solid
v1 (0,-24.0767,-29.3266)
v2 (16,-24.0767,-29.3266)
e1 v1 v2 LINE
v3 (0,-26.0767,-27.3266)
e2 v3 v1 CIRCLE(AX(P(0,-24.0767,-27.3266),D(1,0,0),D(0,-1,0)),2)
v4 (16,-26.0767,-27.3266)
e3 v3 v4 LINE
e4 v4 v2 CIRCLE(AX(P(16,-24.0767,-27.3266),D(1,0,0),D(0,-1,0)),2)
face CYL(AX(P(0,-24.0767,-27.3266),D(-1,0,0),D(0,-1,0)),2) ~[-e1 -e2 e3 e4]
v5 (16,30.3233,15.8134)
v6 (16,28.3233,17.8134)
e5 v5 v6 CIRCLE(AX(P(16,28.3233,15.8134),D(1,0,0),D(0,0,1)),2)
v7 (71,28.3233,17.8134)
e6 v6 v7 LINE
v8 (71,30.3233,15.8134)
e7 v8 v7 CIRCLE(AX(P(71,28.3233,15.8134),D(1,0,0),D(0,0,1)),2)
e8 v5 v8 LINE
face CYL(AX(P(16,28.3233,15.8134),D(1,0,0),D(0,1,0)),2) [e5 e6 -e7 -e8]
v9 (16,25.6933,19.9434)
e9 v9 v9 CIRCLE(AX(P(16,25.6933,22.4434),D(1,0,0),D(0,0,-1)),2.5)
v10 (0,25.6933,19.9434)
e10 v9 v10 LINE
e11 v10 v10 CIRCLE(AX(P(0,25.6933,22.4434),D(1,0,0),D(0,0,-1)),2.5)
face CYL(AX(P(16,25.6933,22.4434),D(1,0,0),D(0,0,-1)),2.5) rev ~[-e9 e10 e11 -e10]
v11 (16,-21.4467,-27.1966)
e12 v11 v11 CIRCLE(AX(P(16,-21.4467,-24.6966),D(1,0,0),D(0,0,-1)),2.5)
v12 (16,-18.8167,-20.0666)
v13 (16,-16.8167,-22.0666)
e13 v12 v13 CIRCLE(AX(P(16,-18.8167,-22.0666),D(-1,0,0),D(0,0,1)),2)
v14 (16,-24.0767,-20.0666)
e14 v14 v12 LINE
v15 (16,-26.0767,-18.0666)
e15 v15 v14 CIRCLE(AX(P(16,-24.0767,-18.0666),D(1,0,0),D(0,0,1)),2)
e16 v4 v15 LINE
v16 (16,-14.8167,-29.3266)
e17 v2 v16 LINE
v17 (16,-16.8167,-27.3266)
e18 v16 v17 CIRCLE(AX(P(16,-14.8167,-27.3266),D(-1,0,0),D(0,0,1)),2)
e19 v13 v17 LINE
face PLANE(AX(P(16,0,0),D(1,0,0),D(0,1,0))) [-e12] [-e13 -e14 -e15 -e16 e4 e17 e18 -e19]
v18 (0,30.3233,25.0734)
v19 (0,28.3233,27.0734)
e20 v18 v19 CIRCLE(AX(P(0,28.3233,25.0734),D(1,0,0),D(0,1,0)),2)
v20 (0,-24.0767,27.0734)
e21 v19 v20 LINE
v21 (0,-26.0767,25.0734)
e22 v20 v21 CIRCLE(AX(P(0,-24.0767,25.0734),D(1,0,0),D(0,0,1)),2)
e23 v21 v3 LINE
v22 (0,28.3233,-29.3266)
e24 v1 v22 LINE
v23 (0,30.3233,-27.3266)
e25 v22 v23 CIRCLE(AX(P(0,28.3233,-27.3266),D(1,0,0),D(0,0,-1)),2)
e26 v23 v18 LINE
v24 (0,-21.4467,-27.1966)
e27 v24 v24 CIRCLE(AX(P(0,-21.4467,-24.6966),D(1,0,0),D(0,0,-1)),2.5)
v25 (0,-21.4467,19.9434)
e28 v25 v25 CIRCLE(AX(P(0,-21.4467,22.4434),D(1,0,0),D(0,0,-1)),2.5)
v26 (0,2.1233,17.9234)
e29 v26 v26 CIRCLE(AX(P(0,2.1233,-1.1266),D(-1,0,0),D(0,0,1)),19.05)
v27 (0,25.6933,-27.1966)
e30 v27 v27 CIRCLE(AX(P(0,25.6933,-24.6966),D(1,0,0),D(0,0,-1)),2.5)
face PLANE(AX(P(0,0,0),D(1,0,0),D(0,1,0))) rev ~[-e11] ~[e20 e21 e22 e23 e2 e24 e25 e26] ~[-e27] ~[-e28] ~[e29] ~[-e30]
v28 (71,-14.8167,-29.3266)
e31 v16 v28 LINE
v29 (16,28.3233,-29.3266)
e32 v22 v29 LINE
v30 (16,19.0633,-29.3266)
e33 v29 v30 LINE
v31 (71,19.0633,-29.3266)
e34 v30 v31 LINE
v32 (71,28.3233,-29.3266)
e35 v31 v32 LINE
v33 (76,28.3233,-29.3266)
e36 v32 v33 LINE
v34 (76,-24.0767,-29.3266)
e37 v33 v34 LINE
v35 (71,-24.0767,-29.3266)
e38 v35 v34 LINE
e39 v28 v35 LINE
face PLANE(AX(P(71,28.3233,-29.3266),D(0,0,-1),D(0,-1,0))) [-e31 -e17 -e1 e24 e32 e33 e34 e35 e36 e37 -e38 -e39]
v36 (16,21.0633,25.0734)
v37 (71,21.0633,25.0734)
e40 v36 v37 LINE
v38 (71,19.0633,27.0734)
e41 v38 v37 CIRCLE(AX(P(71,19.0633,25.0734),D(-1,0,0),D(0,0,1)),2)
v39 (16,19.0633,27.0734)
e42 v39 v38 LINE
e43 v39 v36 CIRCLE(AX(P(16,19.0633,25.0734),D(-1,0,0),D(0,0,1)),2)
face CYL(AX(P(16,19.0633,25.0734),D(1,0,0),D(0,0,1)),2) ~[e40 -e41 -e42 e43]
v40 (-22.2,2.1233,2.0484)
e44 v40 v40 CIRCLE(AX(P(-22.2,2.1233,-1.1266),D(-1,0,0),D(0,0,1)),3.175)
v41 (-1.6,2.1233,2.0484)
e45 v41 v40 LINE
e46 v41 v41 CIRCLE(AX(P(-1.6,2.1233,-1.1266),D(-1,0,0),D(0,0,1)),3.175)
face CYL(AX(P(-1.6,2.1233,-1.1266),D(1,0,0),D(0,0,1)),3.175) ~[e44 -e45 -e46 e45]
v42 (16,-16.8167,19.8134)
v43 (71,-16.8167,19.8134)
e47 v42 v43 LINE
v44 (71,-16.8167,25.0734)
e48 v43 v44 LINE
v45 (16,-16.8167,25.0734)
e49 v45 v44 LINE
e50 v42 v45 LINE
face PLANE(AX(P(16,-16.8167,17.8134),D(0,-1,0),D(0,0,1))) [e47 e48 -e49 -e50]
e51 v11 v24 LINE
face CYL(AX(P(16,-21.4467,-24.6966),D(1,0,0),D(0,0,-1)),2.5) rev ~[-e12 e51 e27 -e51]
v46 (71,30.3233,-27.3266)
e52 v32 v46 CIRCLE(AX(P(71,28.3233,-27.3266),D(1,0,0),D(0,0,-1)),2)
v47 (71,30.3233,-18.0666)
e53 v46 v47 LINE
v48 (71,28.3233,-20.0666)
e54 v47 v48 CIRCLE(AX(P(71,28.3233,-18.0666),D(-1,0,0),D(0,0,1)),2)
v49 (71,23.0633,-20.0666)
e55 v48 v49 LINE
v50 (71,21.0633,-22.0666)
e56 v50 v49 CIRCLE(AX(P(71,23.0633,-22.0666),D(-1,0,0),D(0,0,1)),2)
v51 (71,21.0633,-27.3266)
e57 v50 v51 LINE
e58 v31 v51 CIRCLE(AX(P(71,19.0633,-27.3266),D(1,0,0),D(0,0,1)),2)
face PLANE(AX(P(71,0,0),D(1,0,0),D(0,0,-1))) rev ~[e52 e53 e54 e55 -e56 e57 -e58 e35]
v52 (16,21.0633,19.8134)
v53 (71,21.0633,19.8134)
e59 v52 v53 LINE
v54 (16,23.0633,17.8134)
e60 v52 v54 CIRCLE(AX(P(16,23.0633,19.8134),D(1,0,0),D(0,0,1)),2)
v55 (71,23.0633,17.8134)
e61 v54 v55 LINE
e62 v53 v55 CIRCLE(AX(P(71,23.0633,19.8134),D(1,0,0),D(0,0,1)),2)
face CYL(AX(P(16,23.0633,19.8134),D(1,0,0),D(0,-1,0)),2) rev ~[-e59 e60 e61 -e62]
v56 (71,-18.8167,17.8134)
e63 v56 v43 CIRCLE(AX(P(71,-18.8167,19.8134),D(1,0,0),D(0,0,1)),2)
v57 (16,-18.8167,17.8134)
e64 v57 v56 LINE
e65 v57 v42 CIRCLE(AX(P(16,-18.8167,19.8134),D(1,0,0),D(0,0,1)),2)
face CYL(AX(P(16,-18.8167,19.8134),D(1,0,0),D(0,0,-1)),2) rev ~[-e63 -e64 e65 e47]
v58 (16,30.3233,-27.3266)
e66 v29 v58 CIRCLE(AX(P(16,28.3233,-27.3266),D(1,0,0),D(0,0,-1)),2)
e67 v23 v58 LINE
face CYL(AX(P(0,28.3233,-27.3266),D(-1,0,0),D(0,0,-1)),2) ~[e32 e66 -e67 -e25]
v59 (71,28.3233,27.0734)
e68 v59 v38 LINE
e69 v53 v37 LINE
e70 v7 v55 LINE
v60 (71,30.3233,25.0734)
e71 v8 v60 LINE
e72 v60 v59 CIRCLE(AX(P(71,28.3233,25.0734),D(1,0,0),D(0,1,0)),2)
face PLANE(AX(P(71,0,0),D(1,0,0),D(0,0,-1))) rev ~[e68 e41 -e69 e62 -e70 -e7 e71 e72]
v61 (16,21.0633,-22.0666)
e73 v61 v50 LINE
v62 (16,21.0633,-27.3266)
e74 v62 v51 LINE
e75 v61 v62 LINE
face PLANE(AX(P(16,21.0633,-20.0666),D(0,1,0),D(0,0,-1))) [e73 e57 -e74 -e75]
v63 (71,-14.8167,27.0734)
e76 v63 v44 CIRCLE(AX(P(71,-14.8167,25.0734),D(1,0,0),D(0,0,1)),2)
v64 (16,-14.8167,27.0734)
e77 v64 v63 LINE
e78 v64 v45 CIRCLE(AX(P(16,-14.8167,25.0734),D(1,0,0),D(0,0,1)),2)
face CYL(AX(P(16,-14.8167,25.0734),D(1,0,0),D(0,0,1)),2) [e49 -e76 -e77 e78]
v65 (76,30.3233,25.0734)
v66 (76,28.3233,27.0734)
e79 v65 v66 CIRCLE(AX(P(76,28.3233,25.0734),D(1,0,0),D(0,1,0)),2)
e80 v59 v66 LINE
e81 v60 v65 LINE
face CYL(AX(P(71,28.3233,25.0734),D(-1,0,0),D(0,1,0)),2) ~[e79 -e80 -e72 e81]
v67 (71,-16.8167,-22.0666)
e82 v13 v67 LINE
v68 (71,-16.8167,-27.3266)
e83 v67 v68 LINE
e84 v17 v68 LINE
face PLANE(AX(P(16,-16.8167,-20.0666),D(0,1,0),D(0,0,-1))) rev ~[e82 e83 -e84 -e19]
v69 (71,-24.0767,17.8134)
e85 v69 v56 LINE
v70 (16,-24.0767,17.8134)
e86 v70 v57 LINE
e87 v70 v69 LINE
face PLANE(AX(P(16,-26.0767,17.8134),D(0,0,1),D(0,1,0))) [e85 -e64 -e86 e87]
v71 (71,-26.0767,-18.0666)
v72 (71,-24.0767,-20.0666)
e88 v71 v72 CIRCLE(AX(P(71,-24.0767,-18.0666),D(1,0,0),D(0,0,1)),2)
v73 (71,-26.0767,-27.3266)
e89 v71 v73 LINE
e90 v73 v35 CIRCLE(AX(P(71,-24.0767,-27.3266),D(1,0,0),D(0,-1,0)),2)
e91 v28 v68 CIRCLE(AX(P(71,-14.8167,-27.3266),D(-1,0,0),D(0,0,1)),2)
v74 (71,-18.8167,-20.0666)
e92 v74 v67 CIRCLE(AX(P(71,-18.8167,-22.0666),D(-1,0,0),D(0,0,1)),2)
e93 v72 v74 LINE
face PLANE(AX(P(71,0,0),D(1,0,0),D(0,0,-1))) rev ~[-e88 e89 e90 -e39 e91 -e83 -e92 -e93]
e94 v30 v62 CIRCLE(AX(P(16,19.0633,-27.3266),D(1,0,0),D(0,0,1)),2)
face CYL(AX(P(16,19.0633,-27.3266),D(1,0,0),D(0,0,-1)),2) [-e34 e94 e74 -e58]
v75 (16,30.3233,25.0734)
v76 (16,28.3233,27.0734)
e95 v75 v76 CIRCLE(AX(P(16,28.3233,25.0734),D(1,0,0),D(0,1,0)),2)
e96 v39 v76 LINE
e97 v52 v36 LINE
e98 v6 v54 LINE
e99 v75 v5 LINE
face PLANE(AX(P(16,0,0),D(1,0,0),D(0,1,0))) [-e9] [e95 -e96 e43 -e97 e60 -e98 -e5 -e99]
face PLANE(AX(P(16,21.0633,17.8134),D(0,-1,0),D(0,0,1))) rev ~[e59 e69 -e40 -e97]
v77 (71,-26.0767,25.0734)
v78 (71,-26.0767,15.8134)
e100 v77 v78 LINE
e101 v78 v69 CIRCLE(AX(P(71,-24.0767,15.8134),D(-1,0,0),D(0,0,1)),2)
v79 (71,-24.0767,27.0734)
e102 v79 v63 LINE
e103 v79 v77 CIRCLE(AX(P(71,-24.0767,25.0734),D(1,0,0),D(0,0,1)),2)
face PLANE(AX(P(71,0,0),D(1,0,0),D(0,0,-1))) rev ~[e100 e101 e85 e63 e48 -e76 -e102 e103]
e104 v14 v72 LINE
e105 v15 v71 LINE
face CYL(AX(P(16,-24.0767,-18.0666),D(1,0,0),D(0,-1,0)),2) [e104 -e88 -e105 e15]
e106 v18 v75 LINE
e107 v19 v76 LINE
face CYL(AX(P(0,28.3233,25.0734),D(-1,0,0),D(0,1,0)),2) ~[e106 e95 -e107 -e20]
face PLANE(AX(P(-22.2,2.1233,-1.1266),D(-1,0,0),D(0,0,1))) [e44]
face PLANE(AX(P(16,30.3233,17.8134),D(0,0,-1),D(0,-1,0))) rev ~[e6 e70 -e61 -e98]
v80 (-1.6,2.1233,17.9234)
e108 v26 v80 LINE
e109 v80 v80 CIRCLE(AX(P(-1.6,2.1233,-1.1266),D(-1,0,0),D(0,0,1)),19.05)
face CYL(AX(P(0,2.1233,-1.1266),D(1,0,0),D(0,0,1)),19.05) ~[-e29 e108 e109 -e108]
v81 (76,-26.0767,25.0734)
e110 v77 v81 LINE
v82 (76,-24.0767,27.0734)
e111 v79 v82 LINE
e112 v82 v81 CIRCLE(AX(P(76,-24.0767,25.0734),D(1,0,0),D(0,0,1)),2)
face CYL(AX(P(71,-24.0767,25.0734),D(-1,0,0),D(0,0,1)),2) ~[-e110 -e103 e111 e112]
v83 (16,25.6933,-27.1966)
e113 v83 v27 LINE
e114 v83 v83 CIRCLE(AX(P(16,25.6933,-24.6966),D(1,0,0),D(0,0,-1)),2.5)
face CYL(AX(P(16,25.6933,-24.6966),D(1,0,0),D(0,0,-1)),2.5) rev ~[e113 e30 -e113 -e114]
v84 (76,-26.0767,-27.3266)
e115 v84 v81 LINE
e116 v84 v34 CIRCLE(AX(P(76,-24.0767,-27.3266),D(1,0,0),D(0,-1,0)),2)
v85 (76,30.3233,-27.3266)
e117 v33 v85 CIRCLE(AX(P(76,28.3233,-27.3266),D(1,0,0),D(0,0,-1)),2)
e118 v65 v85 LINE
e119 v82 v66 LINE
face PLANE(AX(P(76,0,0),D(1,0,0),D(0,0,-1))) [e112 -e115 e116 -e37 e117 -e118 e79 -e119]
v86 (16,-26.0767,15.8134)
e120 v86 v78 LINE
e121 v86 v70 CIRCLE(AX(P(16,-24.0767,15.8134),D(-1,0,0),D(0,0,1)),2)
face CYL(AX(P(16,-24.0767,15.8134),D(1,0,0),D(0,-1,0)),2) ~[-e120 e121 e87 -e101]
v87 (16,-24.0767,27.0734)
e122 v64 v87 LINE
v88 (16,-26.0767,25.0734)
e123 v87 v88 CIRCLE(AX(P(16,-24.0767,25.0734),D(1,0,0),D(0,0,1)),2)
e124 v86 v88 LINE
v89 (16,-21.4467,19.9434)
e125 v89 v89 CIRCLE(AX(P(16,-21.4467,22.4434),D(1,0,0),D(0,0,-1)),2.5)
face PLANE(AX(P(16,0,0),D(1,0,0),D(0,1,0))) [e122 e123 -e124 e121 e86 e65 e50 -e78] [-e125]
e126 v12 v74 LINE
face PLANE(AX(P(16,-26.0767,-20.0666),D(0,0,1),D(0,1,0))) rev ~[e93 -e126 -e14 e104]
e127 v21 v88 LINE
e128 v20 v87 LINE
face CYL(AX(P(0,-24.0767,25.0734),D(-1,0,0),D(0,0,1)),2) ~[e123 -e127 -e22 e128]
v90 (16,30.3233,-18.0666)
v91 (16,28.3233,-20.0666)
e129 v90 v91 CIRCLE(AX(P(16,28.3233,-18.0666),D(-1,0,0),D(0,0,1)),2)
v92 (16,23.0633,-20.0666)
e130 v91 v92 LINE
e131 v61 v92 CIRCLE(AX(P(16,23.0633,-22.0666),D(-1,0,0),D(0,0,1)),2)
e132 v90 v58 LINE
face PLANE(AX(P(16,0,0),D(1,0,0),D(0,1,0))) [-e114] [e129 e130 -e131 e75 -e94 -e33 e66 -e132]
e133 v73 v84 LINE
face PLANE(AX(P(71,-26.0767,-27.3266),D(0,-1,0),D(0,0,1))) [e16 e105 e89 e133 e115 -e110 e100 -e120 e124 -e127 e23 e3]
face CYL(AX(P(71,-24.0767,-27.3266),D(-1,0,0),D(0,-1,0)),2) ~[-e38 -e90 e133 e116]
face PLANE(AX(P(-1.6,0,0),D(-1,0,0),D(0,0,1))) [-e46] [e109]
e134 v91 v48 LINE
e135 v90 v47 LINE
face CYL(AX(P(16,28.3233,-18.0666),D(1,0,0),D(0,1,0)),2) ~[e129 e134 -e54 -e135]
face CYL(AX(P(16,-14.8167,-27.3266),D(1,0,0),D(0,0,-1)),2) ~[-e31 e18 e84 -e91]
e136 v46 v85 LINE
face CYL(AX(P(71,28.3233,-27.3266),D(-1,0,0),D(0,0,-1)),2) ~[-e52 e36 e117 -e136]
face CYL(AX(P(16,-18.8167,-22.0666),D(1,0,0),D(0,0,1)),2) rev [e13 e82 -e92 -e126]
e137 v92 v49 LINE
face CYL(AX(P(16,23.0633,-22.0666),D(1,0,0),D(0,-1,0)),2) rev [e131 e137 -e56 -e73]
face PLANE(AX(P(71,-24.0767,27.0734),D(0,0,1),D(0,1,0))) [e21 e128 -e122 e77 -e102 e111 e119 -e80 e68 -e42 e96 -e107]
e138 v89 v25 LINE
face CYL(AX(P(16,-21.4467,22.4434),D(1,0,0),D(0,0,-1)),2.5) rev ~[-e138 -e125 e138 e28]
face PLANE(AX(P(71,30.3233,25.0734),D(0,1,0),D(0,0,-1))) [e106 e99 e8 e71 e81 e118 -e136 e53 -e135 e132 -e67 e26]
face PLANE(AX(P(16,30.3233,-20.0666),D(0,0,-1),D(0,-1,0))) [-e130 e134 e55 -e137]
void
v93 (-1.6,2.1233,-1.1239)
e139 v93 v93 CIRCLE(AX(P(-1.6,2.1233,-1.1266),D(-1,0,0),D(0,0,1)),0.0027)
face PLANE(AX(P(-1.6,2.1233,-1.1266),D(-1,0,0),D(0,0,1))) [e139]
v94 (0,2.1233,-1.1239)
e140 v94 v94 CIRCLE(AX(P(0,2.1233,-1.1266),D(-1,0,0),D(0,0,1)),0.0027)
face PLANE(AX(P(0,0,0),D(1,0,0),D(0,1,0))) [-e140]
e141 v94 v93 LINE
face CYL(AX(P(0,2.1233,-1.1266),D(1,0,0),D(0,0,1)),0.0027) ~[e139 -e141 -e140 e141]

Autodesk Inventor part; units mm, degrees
ref_plane "YZ Plane" through (0, 0, 0) normal (1, 0, 0) x (0, 1, 0)
ref_plane "XZ Plane" through (0, 0, 0) normal (0, 1, 0) x (-1, 0, 0)
ref_plane "XY Plane" through (0, 0, 0) normal (0, 0, 1) x (1, 0, 0)
sketch "Sketch1" plane through (0, 0, 0) normal (1, 0, 0) x (0, 1, 0)
  line L0 (28.3233, 27.0734) -> (-24.0767, 27.0734)
  line L1 (-26.0767, 25.0734) -> (-26.0767, -27.3266)
  line L2 (-24.0767, -29.3266) -> (28.3233, -29.3266)
  line L3 (30.3233, -27.3266) -> (30.3233, 25.0734)
  arc A0 (-24.0767, 27.0734) -> (-26.0767, 25.0734) centre (-24.0767, 25.0734) ccw
  arc A1 (30.3233, 25.0734) -> (28.3233, 27.0734) centre (28.3233, 25.0734) ccw
  arc A2 (28.3233, -29.3266) -> (30.3233, -27.3266) centre (28.3233, -27.3266) ccw
  arc A3 (-26.0767, -27.3266) -> (-24.0767, -29.3266) centre (-24.0767, -27.3266) ccw
  point P0 (0, 0)
  point P1 (30.3233, 27.0734)
  point P2 (-26.0767, -29.3266)
  point P3 (-26.0767, 27.0734)
  point P4 (30.3233, -29.3266)
  dimension "d0" = 56.4
  dimension "d1" = 56.4
  dimension "d18" = 2
extrude "Extrusion1" add sketch "Sketch1" along normal blind 16
sketch "Sketch5" plane through (16, 0, 0) normal (1, 0, 0) x (0, 0, -1)
  circle A0 centre (24.6966, 25.6933) radius 2.5
  circle A1 centre (24.6966, -21.4467) radius 2.5
  circle A2 centre (-22.4434, -21.4467) radius 2.5
  circle A3 centre (-22.4434, 25.6933) radius 2.5
  point P0 (0, 0)
  dimension "d38" = 5
  dimension "d39" = 5
  dimension "d40" = 5
  dimension "d41" = 5
extrude "Extrusion3" cut sketch "Sketch5" against normal blind 16
sketch "Sketch6" plane through (16, 0, 0) normal (1, 0, 0) x (0, 0, -1)
  line L0 (-25.0734, -26.0767) -> (27.3266, -26.0767) projected
  arc A0 (27.3266, -26.0767) -> (29.3266, -24.0767) centre (27.3266, -24.0767) ccw projected
  circle A1 centre (-22.4434, -21.4467) radius 2.5 projected
  circle A2 centre (24.6966, 25.6933) radius 2.5 projected
  circle A3 centre (24.6966, -21.4467) radius 2.5 projected
  circle A4 centre (-22.4434, 25.6933) radius 2.5 projected
  line L1 (-27.0734, 28.3233) -> (-27.0734, -24.0767) projected
  arc A5 (-27.0734, -24.0767) -> (-25.0734, -26.0767) centre (-25.0734, -24.0767) ccw projected
  line L2 (-25.0734, -26.0767) -> (27.3266, -26.0767) projected
  arc A6 (27.3266, -26.0767) -> (29.3266, -24.0767) centre (27.3266, -24.0767) ccw projected
  line L3 (29.3266, -24.0767) -> (29.3266, 28.3233) projected
  arc A7 (29.3266, 28.3233) -> (27.3266, 30.3233) centre (27.3266, 28.3233) ccw projected
  line L4 (27.3266, 30.3233) -> (-25.0734, 30.3233) projected
  arc A8 (-25.0734, 30.3233) -> (-27.0734, 28.3233) centre (-25.0734, 28.3233) ccw projected
  line L5 (20.0666, 30.3233) -> (20.0666, 21.0633)
  line L6 (20.0666, 21.0633) -> (29.3266, 21.0633)
  line L7 (20.0666, -26.0767) -> (20.0666, -16.8167)
  line L8 (20.0666, -16.8167) -> (29.3266, -16.8167)
  line L9 (-17.8134, 30.3233) -> (-17.8134, 21.0633)
  line L10 (-17.8134, 21.0633) -> (-27.0734, 21.0633)
  line L11 (-17.8134, -26.0767) -> (-17.8134, -16.8167)
  line L12 (-17.8134, -16.8167) -> (-27.0734, -16.8167)
  line L13 (29.3266, 21.0633) -> (29.3266, -16.8167)
  line L14 (20.0666, 30.3233) -> (-17.8134, 30.3233)
  line L15 (-25.0734, 30.3233) -> (27.3266, 30.3233) projected
  line L16 (-27.0734, 21.0633) -> (-27.0734, -16.8167)
  line L17 (-27.0734, -24.0767) -> (-27.0734, 28.3233) projected
  line L18 (20.0666, -26.0767) -> (-17.8134, -26.0767)
  line L19 (27.3266, -26.0767) -> (-25.0734, -26.0767) projected
  point P0 (0, 0)
  dimension "d44" = 9.26
  dimension "d45" = 9.26
  dimension "d46" = 9.26
  dimension "d47" = 9.26
  dimension "d48" = 9.26
  dimension "d49" = 9.26
  dimension "d50" = 9.26
  dimension "d51" = 9.26
extrude "Extrusion4" add sketch "Sketch6" along normal blind 55 contours L11 L12 L1 L10 L9 L4 L5 L6 L3 L8 L7 L0
sketch "Sketch7" plane through (71, 0, 0) normal (1, 0, 0) x (0, 0, -1)
  line L0 (27.3266, -26.0767) -> (-25.0734, -26.0767)
  line L1 (-27.0734, -24.0767) -> (-27.0734, 28.3233)
  line L2 (-25.0734, 30.3233) -> (27.3266, 30.3233)
  line L3 (29.3266, 28.3233) -> (29.3266, -24.0767)
  arc A0 (27.3266, -26.0767) -> (29.3266, -24.0767) centre (27.3266, -24.0767) ccw
  arc A1 (-27.0734, -24.0767) -> (-25.0734, -26.0767) centre (-25.0734, -24.0767) ccw
  arc A2 (-25.0734, 30.3233) -> (-27.0734, 28.3233) centre (-25.0734, 28.3233) ccw
  arc A3 (29.3266, 28.3233) -> (27.3266, 30.3233) centre (27.3266, 28.3233) ccw
  point P0 (0, 0)
  point P1 (-27.0734, 30.3233)
  point P2 (-27.0734, -26.0767)
  point P3 (29.3266, 30.3233)
  dimension "d54" = 56.4
  dimension "d55" = 56.4
  dimension "d56" = 2
extrude "Extrusion5" add sketch "Sketch7" along normal blind 5
fillet "Fillet1" radius 2 12 edges at (43.5, -16.8167, -29.3266) (43.5, -16.8167, -20.0666) (43.5, -26.0767, -20.0666) (43.5, -16.8167, 27.0734) (43.5, -16.8167, 17.8134) (43.5, -26.0767, 17.8134) (43.5, 21.0633, 27.0734) (43.5, 21.0633, 17.8134) (43.5, 30.3233, 17.8134) (43.5, 30.3233, -20.0666) (43.5, 21.0633, -20.0666) (43.5, 21.0633, -29.3266)
sketch "Sketch8" plane through (0, 0, 0) normal (-1, 0, 0) x (0, 0, 1)
  line L0 (-29.3266, 28.3233) -> (-29.3266, -24.0767) projected
  line L1 (-27.3266, -26.0767) -> (25.0734, -26.0767) projected
  line L2 (27.0734, -24.0767) -> (27.0734, 28.3233) projected
  line L3 (25.0734, 30.3233) -> (-27.3266, 30.3233) projected
  arc A0 (-27.3266, 30.3233) -> (-29.3266, 28.3233) centre (-27.3266, 28.3233) ccw projected
  arc A1 (27.0734, 28.3233) -> (25.0734, 30.3233) centre (25.0734, 28.3233) ccw projected
  arc A2 (25.0734, -26.0767) -> (27.0734, -24.0767) centre (25.0734, -24.0767) ccw projected
  circle A3 centre (-1.1266, 2.1233) radius 0.0027
  circle A4 centre (-1.1266, 2.1233) radius 19.05
  point P0 (0, 0)
  dimension "d60" = 38.1
extrude "Extrusion6" add sketch "Sketch8" along normal blind 1.6
sketch "Sketch9" plane through (-1.6, 2.1233, -1.1266) normal (-1, 0, 0) x (0, 0, 1)
  circle A0 centre (0, 0) radius 3.175
  point P0 (1.1266, -2.1233)
  dimension "d63" = 6.35
extrude "Extrusion7" add sketch "Sketch9" along normal blind 20.6
sketch "Sketch10" plane through (0, 0, 0) normal (-1, 0, 0) x (0, 0, 1)
  point P0 (0, 0)
properties part number "MOTOR"
